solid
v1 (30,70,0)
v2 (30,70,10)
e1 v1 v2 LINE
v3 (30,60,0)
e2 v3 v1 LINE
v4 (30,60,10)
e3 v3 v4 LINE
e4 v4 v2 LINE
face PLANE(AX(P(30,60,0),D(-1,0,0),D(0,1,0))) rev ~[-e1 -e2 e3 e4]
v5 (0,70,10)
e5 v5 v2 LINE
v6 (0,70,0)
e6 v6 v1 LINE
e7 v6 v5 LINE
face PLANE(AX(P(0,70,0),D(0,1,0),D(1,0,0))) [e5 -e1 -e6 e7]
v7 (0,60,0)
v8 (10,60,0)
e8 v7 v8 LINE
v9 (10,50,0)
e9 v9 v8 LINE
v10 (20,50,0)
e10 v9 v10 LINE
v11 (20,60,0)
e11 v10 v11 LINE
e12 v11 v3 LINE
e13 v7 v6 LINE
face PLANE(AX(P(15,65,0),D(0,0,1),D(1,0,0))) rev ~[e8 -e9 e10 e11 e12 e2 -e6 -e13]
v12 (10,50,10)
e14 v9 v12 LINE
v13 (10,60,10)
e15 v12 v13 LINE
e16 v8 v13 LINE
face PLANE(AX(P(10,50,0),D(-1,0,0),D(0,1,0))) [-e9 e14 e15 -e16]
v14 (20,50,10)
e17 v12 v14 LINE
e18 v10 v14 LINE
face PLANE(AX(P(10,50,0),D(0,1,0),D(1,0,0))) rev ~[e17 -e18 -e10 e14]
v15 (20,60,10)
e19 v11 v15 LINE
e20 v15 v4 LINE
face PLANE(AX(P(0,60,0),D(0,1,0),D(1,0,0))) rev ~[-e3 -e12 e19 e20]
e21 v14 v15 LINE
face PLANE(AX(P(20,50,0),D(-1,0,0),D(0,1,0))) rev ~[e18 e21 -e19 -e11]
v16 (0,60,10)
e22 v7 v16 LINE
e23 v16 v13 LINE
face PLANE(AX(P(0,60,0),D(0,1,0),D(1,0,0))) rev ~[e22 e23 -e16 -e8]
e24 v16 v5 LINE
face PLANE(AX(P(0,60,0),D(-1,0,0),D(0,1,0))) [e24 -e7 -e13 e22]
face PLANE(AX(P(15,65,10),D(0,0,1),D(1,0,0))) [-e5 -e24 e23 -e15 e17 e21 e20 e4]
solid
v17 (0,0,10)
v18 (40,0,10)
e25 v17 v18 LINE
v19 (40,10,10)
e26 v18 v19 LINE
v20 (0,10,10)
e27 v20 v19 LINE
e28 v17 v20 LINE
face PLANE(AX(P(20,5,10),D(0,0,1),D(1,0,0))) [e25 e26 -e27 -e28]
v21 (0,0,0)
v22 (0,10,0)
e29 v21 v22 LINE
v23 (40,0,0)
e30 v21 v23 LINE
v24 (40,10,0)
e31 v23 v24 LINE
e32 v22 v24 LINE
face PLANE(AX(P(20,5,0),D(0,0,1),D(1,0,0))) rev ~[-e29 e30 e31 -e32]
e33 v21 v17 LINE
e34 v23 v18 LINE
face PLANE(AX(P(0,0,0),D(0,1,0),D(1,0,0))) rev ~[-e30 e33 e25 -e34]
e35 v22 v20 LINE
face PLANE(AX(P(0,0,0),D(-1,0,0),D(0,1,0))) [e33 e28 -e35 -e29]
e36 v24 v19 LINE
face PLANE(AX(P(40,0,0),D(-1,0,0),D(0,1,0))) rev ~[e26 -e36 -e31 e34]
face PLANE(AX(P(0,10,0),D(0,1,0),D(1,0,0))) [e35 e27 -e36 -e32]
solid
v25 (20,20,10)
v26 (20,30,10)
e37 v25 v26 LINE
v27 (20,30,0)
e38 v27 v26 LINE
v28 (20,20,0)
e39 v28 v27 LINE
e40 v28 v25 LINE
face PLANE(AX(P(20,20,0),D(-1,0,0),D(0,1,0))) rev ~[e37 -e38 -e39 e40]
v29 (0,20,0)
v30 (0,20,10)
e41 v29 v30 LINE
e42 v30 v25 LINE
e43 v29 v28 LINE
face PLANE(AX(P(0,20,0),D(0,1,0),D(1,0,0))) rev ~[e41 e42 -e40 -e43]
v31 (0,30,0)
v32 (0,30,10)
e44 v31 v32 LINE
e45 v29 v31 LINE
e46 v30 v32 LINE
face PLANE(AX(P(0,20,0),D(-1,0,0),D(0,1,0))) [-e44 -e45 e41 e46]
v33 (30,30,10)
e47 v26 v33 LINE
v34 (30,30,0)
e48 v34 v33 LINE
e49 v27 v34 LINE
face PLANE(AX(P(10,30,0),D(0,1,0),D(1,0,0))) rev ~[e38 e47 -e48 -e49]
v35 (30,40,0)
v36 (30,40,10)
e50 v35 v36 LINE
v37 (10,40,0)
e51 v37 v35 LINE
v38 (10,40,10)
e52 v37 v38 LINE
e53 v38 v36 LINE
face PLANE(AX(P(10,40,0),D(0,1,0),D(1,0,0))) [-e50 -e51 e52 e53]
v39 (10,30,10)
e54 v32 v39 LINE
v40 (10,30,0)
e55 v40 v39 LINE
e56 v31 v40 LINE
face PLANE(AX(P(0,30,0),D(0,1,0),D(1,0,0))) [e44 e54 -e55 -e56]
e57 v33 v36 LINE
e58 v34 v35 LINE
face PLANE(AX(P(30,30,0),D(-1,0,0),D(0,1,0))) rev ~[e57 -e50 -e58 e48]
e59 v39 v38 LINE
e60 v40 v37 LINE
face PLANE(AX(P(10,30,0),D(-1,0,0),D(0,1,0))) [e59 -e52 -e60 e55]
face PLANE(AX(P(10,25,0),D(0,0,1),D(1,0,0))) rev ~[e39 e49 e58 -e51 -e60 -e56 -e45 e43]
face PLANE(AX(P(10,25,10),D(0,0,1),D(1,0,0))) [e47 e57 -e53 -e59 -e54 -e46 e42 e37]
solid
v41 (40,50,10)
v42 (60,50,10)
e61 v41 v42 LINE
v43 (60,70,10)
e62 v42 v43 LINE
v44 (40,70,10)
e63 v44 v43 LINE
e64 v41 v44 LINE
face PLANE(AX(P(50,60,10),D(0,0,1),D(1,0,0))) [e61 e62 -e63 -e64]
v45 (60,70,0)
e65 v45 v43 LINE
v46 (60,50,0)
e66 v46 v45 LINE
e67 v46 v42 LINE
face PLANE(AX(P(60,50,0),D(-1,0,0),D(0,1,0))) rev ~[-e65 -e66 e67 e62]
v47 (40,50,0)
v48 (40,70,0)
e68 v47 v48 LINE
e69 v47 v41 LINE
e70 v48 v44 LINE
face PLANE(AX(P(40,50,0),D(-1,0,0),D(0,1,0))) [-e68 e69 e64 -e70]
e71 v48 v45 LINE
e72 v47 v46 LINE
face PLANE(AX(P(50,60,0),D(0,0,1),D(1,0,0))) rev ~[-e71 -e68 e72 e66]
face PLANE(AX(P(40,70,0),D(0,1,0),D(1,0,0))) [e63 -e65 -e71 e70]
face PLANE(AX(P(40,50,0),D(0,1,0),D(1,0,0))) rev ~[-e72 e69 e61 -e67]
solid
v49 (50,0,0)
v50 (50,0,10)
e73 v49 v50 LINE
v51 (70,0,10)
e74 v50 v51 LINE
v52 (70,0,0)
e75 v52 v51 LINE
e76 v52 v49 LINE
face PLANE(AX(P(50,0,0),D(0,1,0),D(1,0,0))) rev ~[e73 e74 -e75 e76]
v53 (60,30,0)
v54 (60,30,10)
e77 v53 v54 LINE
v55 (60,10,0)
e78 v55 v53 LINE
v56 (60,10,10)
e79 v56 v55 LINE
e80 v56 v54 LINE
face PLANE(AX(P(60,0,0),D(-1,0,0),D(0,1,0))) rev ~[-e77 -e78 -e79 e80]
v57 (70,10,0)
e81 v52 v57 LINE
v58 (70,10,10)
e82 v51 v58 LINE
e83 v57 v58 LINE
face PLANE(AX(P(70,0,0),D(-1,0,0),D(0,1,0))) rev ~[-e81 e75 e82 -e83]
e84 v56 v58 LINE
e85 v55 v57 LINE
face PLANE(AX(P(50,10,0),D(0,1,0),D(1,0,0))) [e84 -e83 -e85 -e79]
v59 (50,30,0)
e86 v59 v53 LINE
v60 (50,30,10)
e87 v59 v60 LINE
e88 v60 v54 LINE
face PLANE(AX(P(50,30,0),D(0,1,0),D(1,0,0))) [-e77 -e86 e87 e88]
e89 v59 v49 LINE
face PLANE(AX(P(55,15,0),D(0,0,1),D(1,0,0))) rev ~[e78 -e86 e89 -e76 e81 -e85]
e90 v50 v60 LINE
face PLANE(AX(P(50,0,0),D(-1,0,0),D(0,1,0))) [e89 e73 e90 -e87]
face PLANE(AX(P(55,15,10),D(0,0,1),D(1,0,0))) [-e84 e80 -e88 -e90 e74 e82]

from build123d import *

# Parameters (mm, degrees)
BOX_W        = 40
BOX_H        = 10
BOX_DEPTH    = 10
BOX001_W     = 20
BOX001_H     = 10
BOX001_DEPTH = 10
BOX002_W     = 20
BOX002_H     = 10
BOX002_DEPTH = 10
BOX003_W     = 10
BOX003_H     = 10
BOX003_DEPTH = 10
BOX004_W     = 30
BOX004_H     = 10
BOX004_DEPTH = 10
BOX005_W     = 20
BOX005_H     = 20
BOX005_DEPTH = 10
BOX006_W     = 20
BOX006_H     = 10
BOX006_DEPTH = 10
BOX007_W     = 10
BOX007_H     = 30
BOX007_DEPTH = 10


with BuildPart() as cubo:
    # Box → Box (new body)
    with BuildSketch(Plane.XY):
        with Locations((20, 5)):
            Rectangle(BOX_W, BOX_H)
    extrude(amount=BOX_DEPTH)


with BuildPart() as cubo001:
    # Box001 → Box001 (new body)
    with BuildSketch(Plane(origin=(0, 20, 0), x_dir=(1, 0, 0), z_dir=(0, 0, 1))):
        with Locations((10, 5)):
            Rectangle(BOX001_W, BOX001_H)
    extrude(amount=BOX001_DEPTH)


with BuildPart() as fusion:
    # Box002 → Box002 (new body)
    with BuildSketch(Plane(origin=(10, 30, 0), x_dir=(1, 0, 0), z_dir=(0, 0, 1))):
        with Locations((10, 5)):
            Rectangle(BOX002_W, BOX002_H)
    extrude(amount=BOX002_DEPTH)

    # Fusion: union Cubo001
    add(cubo001.part)


with BuildPart() as cubo003:
    # Box003 → Box003 (new body)
    with BuildSketch(Plane(origin=(10, 50, 0), x_dir=(1, 0, 0), z_dir=(0, 0, 1))):
        with Locations((5, 5)):
            Rectangle(BOX003_W, BOX003_H)
    extrude(amount=BOX003_DEPTH)


with BuildPart() as fusion001:
    # Box004 → Box004 (new body)
    with BuildSketch(Plane(origin=(0, 60, 0), x_dir=(1, 0, 0), z_dir=(0, 0, 1))):
        with Locations((15, 5)):
            Rectangle(BOX004_W, BOX004_H)
    extrude(amount=BOX004_DEPTH)

    # Fusion001: union Cubo003
    add(cubo003.part)


with BuildPart() as cubo005:
    # Box005 → Box005 (new body)
    with BuildSketch(Plane(origin=(40, 50, 0), x_dir=(1, 0, 0), z_dir=(0, 0, 1))):
        with Locations((10, 10)):
            Rectangle(BOX005_W, BOX005_H)
    extrude(amount=BOX005_DEPTH)


with BuildPart() as cubo006:
    # Box006 → Box006 (new body)
    with BuildSketch(Plane(origin=(50, 0, 0), x_dir=(1, 0, 0), z_dir=(0, 0, 1))):
        with Locations((10, 5)):
            Rectangle(BOX006_W, BOX006_H)
    extrude(amount=BOX006_DEPTH)


with BuildPart() as fusion002:
    # Box007 → Box007 (new body)
    with BuildSketch(Plane(origin=(50, 0, 0), x_dir=(1, 0, 0), z_dir=(0, 0, 1))):
        with Locations((5, 15)):
            Rectangle(BOX007_W, BOX007_H)
    extrude(amount=BOX007_DEPTH)

    # Fusion002: union Cubo006
    add(cubo006.part)


solid = Compound([cubo.part, fusion.part, fusion001.part, cubo005.part, fusion002.part])
